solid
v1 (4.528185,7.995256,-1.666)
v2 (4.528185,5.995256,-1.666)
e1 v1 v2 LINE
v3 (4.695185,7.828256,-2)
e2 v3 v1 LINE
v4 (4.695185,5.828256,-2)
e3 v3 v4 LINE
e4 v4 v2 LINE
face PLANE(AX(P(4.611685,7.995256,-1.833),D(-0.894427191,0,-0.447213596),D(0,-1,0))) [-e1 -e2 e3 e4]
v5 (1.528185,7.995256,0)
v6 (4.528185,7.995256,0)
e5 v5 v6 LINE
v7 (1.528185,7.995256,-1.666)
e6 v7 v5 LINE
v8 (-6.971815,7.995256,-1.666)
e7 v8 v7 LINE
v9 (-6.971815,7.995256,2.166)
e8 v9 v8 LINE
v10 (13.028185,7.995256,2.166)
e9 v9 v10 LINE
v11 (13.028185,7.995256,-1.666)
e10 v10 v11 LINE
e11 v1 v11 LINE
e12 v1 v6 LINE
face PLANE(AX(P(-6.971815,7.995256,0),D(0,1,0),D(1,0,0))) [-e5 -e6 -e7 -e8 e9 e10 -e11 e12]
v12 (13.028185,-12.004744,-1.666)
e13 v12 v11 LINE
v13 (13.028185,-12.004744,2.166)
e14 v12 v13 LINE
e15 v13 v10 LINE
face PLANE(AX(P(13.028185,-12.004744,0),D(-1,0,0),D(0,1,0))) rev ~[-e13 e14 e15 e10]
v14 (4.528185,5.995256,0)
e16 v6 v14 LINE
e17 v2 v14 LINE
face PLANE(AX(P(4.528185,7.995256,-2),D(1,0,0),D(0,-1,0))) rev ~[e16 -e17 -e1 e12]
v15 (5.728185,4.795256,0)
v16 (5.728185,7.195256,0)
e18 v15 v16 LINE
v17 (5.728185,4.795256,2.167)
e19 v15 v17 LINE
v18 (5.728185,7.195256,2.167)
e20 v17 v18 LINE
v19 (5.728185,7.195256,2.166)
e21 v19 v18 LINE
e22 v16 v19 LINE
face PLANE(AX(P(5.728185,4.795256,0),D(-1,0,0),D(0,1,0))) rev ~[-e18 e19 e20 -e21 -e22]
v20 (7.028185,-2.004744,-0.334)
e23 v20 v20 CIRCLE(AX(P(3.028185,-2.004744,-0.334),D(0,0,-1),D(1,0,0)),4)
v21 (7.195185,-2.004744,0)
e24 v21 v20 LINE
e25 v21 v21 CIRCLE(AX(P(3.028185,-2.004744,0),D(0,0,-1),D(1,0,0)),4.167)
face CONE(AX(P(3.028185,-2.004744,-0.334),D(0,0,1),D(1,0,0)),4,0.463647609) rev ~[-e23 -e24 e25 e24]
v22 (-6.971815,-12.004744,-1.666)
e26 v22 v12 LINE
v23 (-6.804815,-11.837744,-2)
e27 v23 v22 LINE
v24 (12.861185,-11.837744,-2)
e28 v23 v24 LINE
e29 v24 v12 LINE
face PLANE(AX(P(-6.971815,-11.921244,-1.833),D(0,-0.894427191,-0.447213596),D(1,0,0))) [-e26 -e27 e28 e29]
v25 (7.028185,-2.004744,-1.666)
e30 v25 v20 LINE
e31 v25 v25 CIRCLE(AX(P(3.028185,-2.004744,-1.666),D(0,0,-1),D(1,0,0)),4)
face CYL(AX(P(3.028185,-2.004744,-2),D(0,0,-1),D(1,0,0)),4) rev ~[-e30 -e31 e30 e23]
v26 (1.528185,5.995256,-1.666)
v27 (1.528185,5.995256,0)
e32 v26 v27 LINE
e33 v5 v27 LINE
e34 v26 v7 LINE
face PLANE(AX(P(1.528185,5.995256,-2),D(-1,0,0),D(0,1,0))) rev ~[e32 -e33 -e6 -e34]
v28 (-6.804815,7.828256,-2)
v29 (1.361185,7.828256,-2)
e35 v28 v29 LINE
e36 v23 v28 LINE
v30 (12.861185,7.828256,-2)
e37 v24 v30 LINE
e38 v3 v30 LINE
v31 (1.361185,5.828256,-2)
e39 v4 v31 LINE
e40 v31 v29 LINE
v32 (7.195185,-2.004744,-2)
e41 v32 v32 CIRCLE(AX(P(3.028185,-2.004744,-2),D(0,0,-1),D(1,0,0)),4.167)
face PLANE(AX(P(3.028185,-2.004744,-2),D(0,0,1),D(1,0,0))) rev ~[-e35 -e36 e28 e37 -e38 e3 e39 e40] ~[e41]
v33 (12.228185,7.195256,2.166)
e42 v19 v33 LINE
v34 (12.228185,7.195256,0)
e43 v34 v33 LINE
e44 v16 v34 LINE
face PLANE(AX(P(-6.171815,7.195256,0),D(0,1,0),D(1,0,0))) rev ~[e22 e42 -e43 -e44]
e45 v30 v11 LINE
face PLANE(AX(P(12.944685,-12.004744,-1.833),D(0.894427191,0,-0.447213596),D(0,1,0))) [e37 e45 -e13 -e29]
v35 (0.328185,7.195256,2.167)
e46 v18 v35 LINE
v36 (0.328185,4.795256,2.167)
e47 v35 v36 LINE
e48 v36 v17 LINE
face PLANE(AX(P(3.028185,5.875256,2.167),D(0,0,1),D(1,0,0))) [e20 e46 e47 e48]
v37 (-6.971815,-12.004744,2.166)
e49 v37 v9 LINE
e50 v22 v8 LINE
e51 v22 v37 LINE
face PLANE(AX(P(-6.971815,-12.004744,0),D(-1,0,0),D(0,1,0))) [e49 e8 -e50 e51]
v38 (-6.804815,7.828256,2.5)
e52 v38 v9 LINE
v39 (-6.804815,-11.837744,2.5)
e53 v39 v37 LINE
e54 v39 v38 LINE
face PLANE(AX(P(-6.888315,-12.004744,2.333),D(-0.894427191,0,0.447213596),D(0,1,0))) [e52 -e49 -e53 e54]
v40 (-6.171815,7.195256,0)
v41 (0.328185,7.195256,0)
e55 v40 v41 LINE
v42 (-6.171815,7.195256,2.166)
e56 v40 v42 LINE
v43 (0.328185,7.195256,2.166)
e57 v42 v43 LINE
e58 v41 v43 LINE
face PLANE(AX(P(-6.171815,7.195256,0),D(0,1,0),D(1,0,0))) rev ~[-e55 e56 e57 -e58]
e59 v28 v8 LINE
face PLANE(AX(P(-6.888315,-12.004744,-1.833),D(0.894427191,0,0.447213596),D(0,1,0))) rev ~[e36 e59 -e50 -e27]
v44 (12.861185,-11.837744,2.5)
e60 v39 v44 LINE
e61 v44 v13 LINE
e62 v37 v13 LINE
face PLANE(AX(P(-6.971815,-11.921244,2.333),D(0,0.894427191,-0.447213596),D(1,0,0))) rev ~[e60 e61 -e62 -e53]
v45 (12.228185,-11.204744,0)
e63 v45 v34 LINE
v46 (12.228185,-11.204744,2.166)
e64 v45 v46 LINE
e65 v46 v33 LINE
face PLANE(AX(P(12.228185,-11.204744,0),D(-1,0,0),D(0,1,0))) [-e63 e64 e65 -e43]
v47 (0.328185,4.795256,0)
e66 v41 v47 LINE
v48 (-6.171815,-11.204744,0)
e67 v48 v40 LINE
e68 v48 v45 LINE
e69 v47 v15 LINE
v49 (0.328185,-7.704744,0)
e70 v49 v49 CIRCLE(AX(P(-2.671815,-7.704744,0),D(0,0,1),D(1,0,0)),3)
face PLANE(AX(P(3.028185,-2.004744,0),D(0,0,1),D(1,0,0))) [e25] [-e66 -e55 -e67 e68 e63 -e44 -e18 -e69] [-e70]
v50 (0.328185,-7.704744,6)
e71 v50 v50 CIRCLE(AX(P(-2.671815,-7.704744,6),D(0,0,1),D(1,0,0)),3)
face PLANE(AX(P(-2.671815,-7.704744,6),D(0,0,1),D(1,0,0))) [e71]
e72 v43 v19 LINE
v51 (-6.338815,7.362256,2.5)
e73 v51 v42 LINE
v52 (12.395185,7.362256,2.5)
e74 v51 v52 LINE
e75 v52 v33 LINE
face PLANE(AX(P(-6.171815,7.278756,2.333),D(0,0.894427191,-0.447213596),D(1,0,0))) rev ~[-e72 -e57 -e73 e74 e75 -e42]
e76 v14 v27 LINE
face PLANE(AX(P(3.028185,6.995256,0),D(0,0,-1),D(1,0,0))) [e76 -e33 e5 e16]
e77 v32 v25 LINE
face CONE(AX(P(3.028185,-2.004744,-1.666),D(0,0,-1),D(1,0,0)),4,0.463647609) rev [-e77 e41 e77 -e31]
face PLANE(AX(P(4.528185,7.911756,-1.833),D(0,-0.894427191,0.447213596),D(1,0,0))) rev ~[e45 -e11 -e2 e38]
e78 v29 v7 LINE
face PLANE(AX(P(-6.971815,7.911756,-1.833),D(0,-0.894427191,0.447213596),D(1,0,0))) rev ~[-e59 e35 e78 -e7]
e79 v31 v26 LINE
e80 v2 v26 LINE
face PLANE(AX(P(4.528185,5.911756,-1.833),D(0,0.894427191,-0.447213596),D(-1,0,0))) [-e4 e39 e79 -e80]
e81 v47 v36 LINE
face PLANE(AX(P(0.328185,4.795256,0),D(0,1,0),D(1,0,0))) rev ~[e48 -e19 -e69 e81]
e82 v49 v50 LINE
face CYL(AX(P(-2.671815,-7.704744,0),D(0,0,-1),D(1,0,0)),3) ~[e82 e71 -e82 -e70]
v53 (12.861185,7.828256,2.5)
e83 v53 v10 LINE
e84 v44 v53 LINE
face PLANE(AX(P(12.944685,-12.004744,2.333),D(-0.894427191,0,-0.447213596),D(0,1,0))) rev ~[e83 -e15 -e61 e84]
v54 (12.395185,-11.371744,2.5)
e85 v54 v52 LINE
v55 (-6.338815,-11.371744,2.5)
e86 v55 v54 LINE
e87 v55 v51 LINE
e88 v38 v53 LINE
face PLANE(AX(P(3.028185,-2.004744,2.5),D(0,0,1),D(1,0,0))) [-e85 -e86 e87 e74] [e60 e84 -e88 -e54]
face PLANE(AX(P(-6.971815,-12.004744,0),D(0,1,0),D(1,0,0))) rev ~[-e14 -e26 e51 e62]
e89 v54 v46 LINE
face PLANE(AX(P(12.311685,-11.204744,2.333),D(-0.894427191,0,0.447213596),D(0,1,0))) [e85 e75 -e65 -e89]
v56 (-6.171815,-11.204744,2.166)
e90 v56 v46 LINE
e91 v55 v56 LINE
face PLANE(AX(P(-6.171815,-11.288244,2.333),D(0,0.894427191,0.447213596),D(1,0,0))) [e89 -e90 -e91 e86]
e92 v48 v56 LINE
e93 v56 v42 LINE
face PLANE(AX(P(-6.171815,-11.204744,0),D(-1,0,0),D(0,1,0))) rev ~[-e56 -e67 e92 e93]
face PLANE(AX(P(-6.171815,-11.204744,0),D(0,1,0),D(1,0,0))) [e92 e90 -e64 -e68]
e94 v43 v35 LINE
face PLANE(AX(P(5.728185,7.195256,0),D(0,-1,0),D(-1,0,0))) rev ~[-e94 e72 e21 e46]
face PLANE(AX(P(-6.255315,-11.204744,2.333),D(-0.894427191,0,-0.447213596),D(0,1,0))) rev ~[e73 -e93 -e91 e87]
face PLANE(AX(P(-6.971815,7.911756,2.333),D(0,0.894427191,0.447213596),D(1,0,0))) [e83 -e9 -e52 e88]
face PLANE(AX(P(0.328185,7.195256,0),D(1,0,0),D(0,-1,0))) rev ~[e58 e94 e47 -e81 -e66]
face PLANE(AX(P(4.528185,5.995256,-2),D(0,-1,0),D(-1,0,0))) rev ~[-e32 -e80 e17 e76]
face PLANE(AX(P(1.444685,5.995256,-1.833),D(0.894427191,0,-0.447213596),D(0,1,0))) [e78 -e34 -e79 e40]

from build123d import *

# Parameters (mm, degrees)
F0_W      = 20
F0_H      = 20
F0_W_2    = 18.4
F0_H_2    = 18.4
F1_DEPTH  = 2
F2_DEPTH  = 2.5
F4_DEPTH  = 2
F5_SIZE2  = 0.334
F5_SIZE   = 0.167
F6_R      = 4
F7_DEPTH  = 4.501
F8_SIZE2  = 0.334
F8_SIZE   = 0.167
F9_SIZE2  = 0.334
F9_SIZE   = 0.167
F10_W     = 3
F10_H     = 1.2
F11_DEPTH = 2.167
F12_R     = 3
F13_DEPTH = 6


with BuildPart() as f1:
    # F0 (on Top) → F1 (new body)
    with BuildSketch(Plane.XY):
        with Locations((3.0281848833, -2.0047442615)):
            Rectangle(F0_W, F0_H)
        with Locations((3.0281848833, -2.0047442615)):
            Rectangle(F0_W_2, F0_H_2, mode=Mode.SUBTRACT)
        with Locations((3.0281848833, -2.0047442615)):
            Rectangle(F0_W_2, F0_H_2)
    extrude(amount=-F1_DEPTH)

    # F0 (on Top) → F2 (join)
    with BuildSketch(Plane.XY):
        with Locations((3.0281848833, -2.0047442615)):
            Rectangle(F0_W, F0_H)
        with Locations((3.0281848833, -2.0047442615)):
            Rectangle(F0_W_2, F0_H_2, mode=Mode.SUBTRACT)
    extrude(amount=F2_DEPTH)

    # F3 (on face) → F4 (cut)
    with BuildSketch(Plane(origin=(0, 0, -2), x_dir=(1, 0, 0), z_dir=(0, 0, -1))):
        Polygon((4.5281848833, -5.9952557385), (3.0281848833, -5.9952557385), (1.5281848833, -5.9952557385), (1.5281848833, -7.9952557385), (4.5281848833, -7.9952557385), align=None)
    extrude(amount=-F4_DEPTH, mode=Mode.SUBTRACT)

    # F5
    f5_edges = [f1.edges().sort_by_distance(p)[0] for p in [
        (13.028185, -2.004744, -2),
        (3.028185, -12.004744, -2),
        (-6.971815, -2.004744, -2),
        (-2.721815, 7.995256, -2),
        (1.528185, 6.995256, -2),
        (3.028185, 5.995256, -2),
        (4.528185, 6.995256, -2),
        (8.778185, 7.995256, -2),
    ]]
    f5_side = f1.faces().sort_by_distance((3.028185, -2.1418, -2))[0]
    chamfer(f5_edges, length=F5_SIZE, length2=F5_SIZE2, reference=f5_side)

    # F6 (on face) → F7 (cut, through all)
    with BuildSketch(Plane(origin=(0, 0, -2), x_dir=(1, 0, 0), z_dir=(0, 0, -1))):
        with Locations((3.0281848833, 2.0047442615)):
            Circle(F6_R)
    extrude(amount=-F7_DEPTH, mode=Mode.SUBTRACT)

    # F8
    f8_edges = [f1.edges().sort_by_distance(p)[0] for p in [
        (-0.971815, -2.004744, -2),
        (-0.971815, -2.004744, 0),
    ]]
    chamfer(f8_edges, length=F8_SIZE, length2=F8_SIZE2)

    # F9
    f9_edges = [f1.edges().sort_by_distance(p)[0] for p in [
        (3.028185, 7.995256, 2.5),
        (-6.971815, -2.004744, 2.5),
        (3.028185, -12.004744, 2.5),
        (13.028185, -2.004744, 2.5),
        (-6.171815, -2.004744, 2.5),
        (3.028185, 7.195256, 2.5),
        (12.228185, -2.004744, 2.5),
        (3.028185, -11.204744, 2.5),
    ]]
    f9_side = f1.faces().sort_by_distance((3.028185, 7.712413, 2.5))[0]
    chamfer(f9_edges, length=F9_SIZE, length2=F9_SIZE2, reference=f9_side)

    # F10 (on face) → F11 (join)
    with BuildSketch(Plane.XY):
        Polygon((4.5281848833, 5.9952557385), (1.5281848833, 5.9952557385), (1.5281848833, 7.1952557385), (0.3281848833, 7.1952557385), (0.3281848833, 4.7952557385), (5.7281848833, 4.7952557385), (5.7281848833, 7.1952557385), (4.5281848833, 7.1952557385), align=None)
        with Locations((3.0281848833, 6.5952557385)):
            Rectangle(F10_W, F10_H)
    extrude(amount=F11_DEPTH)

    # F12 (on face) → F13 (join)
    with BuildSketch(Plane.XY):
        with Locations((-2.6718151167, -7.7047442615)):
            Circle(F12_R)
    extrude(amount=F13_DEPTH)


solid = f1.part
